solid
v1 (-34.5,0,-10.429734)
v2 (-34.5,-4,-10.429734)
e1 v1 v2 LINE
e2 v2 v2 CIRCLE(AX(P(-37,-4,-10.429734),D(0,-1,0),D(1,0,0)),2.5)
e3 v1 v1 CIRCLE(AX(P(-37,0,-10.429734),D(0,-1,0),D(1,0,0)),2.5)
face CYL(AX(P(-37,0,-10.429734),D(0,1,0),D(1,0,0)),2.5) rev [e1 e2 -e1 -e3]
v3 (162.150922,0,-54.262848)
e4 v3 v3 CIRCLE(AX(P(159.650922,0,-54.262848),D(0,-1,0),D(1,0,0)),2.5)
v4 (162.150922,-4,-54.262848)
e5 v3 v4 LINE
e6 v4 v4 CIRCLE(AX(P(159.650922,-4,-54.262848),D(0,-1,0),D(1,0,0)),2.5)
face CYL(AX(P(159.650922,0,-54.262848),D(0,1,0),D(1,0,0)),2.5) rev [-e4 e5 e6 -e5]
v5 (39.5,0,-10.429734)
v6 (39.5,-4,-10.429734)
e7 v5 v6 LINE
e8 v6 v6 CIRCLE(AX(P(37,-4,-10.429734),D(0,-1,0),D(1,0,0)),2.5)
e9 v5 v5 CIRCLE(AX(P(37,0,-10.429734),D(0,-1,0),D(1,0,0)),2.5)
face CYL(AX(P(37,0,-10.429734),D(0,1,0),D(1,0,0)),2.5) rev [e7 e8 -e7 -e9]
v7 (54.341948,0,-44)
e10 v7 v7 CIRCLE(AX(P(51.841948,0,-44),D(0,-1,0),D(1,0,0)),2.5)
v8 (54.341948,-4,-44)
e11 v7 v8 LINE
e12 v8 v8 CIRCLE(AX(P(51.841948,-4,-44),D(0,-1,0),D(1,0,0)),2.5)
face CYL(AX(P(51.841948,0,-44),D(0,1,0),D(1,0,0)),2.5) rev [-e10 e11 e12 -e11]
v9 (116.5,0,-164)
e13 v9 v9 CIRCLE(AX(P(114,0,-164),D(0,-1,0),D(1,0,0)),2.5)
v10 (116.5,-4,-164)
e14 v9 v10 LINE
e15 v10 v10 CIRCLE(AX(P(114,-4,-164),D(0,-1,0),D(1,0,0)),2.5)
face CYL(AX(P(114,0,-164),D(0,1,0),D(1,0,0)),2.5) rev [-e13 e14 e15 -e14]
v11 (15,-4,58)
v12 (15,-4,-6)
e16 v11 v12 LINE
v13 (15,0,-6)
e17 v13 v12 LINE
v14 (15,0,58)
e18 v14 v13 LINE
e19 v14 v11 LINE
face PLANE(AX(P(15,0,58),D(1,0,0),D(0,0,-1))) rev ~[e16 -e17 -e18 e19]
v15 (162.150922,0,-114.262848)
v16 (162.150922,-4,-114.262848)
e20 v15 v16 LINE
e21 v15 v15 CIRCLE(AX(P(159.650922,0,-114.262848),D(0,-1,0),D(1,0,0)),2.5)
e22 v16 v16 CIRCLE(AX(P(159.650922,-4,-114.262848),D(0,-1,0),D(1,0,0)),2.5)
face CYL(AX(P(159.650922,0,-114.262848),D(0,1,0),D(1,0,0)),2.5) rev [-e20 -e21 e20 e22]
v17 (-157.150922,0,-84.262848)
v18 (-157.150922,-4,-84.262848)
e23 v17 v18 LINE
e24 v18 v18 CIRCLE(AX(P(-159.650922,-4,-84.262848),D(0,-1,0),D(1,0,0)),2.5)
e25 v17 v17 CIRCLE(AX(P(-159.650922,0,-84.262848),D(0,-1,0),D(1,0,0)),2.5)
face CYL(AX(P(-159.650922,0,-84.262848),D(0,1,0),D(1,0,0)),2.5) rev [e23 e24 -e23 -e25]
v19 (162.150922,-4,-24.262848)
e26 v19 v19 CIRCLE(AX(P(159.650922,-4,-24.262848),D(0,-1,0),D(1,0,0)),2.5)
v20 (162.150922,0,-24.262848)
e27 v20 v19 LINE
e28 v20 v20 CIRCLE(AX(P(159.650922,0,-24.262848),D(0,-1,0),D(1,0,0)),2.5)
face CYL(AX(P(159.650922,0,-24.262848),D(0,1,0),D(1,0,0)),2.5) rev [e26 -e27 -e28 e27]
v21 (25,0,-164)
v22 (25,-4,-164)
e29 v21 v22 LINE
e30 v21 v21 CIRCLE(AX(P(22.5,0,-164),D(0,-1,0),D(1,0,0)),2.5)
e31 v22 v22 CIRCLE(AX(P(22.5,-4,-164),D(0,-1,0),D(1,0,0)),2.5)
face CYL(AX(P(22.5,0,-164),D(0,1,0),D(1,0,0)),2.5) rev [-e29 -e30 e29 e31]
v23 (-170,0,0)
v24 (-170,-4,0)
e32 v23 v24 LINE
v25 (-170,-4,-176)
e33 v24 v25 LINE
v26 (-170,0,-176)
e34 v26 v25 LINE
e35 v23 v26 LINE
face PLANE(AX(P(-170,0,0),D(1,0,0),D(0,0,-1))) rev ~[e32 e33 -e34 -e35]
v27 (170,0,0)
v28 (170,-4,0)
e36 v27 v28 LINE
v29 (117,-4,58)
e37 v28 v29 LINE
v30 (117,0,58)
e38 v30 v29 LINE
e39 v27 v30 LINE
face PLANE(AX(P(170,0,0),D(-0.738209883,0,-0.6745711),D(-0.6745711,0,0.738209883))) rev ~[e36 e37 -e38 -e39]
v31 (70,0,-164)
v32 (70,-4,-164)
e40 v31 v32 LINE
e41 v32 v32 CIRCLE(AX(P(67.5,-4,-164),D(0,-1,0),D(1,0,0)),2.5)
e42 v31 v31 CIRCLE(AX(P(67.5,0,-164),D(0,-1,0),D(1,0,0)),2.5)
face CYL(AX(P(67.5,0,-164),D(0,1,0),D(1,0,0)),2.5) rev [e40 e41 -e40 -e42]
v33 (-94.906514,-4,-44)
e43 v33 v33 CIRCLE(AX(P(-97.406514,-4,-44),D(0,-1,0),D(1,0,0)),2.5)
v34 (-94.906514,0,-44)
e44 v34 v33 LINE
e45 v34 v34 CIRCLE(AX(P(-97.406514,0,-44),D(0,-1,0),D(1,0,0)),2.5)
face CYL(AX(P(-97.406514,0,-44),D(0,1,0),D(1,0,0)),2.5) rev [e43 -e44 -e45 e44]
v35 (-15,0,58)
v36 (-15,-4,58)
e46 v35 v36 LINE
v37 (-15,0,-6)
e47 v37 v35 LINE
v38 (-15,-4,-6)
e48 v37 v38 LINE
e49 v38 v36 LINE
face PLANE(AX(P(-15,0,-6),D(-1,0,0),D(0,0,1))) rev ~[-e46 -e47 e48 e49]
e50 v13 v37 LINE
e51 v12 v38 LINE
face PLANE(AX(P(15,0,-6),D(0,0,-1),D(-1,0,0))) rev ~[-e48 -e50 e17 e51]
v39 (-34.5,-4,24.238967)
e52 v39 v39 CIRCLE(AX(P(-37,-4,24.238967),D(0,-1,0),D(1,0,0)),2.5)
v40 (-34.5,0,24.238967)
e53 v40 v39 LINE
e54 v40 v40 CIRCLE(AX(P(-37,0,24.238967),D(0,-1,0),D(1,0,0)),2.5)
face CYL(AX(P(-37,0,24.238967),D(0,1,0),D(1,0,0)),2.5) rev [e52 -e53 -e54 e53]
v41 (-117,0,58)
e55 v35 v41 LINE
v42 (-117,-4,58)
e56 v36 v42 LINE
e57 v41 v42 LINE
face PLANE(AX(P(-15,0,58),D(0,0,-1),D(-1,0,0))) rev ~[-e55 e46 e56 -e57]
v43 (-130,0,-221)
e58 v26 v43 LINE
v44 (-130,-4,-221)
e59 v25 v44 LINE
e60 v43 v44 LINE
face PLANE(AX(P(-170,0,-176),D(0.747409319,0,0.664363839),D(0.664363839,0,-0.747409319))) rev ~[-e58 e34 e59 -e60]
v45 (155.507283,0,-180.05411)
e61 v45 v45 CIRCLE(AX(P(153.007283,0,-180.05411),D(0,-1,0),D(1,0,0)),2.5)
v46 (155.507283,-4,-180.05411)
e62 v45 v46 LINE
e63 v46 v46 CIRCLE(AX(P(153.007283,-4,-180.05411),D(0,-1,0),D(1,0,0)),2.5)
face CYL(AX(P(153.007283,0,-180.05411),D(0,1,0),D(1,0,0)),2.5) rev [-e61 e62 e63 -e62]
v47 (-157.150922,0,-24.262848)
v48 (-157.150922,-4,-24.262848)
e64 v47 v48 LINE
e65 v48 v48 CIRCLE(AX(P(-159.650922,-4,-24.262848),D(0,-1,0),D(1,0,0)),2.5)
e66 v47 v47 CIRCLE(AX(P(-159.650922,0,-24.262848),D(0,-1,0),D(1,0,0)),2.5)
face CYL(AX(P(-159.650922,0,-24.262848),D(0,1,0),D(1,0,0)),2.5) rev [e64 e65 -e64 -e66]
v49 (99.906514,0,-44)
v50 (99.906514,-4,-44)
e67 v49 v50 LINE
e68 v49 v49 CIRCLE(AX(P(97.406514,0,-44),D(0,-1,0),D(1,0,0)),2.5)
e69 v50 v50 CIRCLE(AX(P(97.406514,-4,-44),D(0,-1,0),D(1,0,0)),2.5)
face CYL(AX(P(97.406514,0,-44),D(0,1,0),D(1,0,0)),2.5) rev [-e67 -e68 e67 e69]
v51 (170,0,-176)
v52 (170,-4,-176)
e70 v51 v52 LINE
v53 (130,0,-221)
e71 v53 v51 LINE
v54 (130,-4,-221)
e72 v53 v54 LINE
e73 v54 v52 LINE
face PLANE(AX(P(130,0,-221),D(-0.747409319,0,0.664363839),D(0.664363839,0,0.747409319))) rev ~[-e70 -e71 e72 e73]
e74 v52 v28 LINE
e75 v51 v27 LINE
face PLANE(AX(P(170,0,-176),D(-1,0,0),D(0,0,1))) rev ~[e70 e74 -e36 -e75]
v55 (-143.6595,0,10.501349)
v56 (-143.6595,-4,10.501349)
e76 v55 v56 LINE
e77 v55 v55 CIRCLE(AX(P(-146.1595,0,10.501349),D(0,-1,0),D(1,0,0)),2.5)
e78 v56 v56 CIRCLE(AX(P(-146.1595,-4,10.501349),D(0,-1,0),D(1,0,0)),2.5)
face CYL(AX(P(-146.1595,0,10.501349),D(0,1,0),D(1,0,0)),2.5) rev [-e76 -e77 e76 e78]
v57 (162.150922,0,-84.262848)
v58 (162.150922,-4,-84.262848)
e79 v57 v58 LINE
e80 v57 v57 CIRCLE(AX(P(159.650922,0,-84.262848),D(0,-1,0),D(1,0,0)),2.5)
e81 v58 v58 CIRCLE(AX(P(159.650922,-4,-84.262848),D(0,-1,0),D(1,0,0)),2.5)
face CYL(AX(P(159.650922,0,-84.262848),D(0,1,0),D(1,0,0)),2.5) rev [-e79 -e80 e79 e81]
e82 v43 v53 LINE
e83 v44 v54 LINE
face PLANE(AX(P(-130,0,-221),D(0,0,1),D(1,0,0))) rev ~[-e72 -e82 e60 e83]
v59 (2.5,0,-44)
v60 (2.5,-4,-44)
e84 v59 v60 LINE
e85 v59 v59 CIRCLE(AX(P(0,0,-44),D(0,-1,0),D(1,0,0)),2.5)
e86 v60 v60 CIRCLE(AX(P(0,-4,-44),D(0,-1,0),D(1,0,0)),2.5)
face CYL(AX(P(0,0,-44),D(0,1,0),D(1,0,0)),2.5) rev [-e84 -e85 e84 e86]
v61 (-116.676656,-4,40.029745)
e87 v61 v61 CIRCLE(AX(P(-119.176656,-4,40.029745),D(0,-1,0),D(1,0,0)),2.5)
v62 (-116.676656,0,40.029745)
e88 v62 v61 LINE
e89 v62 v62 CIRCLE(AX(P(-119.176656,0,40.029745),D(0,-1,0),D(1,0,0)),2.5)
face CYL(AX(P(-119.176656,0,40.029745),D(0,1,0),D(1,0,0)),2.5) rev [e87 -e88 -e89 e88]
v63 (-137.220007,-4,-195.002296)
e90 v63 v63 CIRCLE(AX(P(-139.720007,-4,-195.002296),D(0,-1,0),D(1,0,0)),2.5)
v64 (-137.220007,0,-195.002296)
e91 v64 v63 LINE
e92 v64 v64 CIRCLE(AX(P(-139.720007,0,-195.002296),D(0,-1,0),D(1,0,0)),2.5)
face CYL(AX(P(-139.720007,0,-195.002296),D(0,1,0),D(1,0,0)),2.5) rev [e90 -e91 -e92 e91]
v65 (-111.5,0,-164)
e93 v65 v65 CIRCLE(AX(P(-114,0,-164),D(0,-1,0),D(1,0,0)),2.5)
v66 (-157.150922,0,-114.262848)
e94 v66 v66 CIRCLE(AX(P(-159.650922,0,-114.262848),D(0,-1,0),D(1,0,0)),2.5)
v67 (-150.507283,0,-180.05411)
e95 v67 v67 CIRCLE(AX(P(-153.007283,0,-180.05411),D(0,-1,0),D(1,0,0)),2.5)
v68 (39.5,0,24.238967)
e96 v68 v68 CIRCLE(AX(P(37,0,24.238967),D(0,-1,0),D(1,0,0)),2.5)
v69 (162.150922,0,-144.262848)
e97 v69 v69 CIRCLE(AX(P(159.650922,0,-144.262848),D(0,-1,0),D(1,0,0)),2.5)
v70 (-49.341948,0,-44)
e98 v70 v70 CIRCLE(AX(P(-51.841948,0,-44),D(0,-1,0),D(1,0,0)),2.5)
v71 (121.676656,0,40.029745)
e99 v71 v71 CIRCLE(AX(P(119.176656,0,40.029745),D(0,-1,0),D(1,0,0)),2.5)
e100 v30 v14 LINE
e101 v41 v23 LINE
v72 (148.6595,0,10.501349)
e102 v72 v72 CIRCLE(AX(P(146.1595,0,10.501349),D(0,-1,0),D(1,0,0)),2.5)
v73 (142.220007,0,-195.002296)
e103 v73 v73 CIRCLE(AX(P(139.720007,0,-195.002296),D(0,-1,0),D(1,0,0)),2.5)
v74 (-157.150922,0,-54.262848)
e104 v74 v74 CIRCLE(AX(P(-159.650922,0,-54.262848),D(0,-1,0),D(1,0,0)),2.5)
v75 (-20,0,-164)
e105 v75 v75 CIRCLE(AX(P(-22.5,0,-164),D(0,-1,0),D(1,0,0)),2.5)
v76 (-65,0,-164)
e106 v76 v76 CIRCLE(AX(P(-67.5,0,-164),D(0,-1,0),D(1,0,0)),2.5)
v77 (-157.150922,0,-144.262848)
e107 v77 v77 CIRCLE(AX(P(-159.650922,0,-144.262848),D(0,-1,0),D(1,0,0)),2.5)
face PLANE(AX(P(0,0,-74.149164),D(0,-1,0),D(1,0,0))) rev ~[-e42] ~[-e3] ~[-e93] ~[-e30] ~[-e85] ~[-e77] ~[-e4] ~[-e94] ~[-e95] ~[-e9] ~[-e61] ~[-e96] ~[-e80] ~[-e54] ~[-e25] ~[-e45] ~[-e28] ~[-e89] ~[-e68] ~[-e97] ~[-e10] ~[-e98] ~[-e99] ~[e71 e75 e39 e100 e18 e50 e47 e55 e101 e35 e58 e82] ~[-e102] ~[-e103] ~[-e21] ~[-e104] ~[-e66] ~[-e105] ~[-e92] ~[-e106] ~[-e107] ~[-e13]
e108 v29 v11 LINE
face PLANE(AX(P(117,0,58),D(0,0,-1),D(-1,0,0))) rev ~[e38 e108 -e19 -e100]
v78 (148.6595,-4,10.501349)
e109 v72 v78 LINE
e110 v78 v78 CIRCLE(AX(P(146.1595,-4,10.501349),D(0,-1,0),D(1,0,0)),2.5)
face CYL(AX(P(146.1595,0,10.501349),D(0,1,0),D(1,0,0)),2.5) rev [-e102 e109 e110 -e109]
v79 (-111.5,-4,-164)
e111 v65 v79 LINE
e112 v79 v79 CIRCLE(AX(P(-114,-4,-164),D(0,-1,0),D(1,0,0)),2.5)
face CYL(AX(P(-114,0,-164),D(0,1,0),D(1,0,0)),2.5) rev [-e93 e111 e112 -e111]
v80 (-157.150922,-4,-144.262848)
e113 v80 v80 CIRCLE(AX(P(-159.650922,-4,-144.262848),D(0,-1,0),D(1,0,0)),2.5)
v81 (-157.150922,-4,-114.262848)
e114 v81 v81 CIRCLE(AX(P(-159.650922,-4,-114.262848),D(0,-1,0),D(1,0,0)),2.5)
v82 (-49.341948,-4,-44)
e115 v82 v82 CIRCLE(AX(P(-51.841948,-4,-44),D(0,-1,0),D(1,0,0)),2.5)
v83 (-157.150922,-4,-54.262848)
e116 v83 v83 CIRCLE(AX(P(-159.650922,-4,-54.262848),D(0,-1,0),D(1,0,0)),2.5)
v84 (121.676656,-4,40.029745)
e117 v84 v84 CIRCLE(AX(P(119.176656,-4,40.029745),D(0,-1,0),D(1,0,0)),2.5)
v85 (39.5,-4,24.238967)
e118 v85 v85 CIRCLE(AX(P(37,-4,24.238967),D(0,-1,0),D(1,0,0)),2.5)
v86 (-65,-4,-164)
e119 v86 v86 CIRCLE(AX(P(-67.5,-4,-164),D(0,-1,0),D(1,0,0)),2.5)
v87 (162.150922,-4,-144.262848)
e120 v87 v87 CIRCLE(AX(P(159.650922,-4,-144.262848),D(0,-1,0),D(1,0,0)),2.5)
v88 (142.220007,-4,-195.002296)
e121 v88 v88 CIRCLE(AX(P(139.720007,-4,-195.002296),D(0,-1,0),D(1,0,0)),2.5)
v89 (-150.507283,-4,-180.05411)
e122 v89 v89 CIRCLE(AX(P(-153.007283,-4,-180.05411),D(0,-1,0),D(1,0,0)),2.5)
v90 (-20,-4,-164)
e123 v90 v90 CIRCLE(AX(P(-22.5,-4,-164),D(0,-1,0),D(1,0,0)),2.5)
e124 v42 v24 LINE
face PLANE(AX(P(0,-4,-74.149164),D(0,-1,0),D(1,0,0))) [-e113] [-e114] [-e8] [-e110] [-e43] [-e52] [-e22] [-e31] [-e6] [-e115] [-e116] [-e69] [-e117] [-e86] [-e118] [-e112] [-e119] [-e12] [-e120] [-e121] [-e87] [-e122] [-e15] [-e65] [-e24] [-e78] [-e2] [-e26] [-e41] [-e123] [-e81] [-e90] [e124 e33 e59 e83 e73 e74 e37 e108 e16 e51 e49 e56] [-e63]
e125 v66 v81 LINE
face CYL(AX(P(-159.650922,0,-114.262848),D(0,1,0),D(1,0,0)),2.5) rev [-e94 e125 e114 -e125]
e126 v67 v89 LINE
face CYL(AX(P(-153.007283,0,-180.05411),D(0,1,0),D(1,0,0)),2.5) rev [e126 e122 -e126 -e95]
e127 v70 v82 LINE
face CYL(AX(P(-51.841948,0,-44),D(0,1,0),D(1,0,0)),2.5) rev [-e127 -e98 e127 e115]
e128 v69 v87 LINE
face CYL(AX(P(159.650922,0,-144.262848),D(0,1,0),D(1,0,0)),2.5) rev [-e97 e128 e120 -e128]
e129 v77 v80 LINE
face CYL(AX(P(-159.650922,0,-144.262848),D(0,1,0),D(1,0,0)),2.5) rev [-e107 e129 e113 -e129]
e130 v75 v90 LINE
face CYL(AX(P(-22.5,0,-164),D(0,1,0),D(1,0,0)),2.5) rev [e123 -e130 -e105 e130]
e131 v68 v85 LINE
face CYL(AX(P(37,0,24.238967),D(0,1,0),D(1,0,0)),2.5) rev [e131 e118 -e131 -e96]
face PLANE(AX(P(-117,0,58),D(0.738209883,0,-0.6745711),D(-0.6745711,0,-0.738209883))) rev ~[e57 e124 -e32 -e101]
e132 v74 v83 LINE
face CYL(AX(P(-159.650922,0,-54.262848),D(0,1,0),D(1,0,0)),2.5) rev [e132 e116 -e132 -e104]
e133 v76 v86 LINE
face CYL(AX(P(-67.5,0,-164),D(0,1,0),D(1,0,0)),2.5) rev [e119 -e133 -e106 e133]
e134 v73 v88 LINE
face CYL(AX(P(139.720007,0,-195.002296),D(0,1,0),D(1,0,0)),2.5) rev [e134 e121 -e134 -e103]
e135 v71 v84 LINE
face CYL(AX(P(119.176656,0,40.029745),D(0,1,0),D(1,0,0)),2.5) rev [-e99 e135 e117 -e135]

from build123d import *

# Parameters (mm, degrees)
F0_R     = 2.5
F1_DEPTH = 4


with BuildPart() as f1:
    # F0 (on Front) → F1 (new body)
    with BuildSketch(Plane.XZ):
        Polygon((15, -6), (-15, -6), (-15, 58), (-117, 58), (-170, 0), (-170, -6), (-170, -176), (-130, -221), (130, -221), (170, -176), (170, -6), (170, 0), (117, 58), (15, 58), align=None)
        with Locations((-139.720007, -195.002296)):
            Circle(F0_R, mode=Mode.SUBTRACT)
        with Locations((-153.007283, -180.05411)):
            Circle(F0_R, mode=Mode.SUBTRACT)
        with Locations((-114, -164)):
            Circle(F0_R, mode=Mode.SUBTRACT)
        with Locations((-67.5, -164)):
            Circle(F0_R, mode=Mode.SUBTRACT)
        with Locations((-22.5, -164)):
            Circle(F0_R, mode=Mode.SUBTRACT)
        with Locations((-159.650922, -144.262848)):
            Circle(F0_R, mode=Mode.SUBTRACT)
        with Locations((-159.650922, -114.262848)):
            Circle(F0_R, mode=Mode.SUBTRACT)
        with Locations((-159.650922, -84.262848)):
            Circle(F0_R, mode=Mode.SUBTRACT)
        with Locations((22.5, -164)):
            Circle(F0_R, mode=Mode.SUBTRACT)
        with Locations((67.5, -164)):
            Circle(F0_R, mode=Mode.SUBTRACT)
        with Locations((139.720007, -195.002296)):
            Circle(F0_R, mode=Mode.SUBTRACT)
        with Locations((114, -164)):
            Circle(F0_R, mode=Mode.SUBTRACT)
        with Locations((153.007283, -180.05411)):
            Circle(F0_R, mode=Mode.SUBTRACT)
        with Locations((159.650922, -144.262848)):
            Circle(F0_R, mode=Mode.SUBTRACT)
        with Locations((159.650922, -114.262848)):
            Circle(F0_R, mode=Mode.SUBTRACT)
        with Locations((159.650922, -84.262848)):
            Circle(F0_R, mode=Mode.SUBTRACT)
        with Locations((-159.650922, -54.262848)):
            Circle(F0_R, mode=Mode.SUBTRACT)
        with Locations((-159.650922, -24.262848)):
            Circle(F0_R, mode=Mode.SUBTRACT)
        with Locations((-97.406514, -44)):
            Circle(F0_R, mode=Mode.SUBTRACT)
        with Locations((-51.841948, -44)):
            Circle(F0_R, mode=Mode.SUBTRACT)
        with Locations((-146.1595, 10.501349)):
            Circle(F0_R, mode=Mode.SUBTRACT)
        with Locations((-119.176656, 40.029745)):
            Circle(F0_R, mode=Mode.SUBTRACT)
        with Locations((-37, -10.429734)):
            Circle(F0_R, mode=Mode.SUBTRACT)
        with Locations((-37, 24.238967)):
            Circle(F0_R, mode=Mode.SUBTRACT)
        with Locations((0, -44)):
            Circle(F0_R, mode=Mode.SUBTRACT)
        with Locations((51.841948, -44)):
            Circle(F0_R, mode=Mode.SUBTRACT)
        with Locations((159.650922, -54.262848)):
            Circle(F0_R, mode=Mode.SUBTRACT)
        with Locations((97.406514, -44)):
            Circle(F0_R, mode=Mode.SUBTRACT)
        with Locations((159.650922, -24.262848)):
            Circle(F0_R, mode=Mode.SUBTRACT)
        with Locations((37, -10.429734)):
            Circle(F0_R, mode=Mode.SUBTRACT)
        with Locations((37, 24.238967)):
            Circle(F0_R, mode=Mode.SUBTRACT)
        with Locations((146.1595, 10.501349)):
            Circle(F0_R, mode=Mode.SUBTRACT)
        with Locations((119.176656, 40.029745)):
            Circle(F0_R, mode=Mode.SUBTRACT)
    extrude(amount=F1_DEPTH)


solid = f1.part
